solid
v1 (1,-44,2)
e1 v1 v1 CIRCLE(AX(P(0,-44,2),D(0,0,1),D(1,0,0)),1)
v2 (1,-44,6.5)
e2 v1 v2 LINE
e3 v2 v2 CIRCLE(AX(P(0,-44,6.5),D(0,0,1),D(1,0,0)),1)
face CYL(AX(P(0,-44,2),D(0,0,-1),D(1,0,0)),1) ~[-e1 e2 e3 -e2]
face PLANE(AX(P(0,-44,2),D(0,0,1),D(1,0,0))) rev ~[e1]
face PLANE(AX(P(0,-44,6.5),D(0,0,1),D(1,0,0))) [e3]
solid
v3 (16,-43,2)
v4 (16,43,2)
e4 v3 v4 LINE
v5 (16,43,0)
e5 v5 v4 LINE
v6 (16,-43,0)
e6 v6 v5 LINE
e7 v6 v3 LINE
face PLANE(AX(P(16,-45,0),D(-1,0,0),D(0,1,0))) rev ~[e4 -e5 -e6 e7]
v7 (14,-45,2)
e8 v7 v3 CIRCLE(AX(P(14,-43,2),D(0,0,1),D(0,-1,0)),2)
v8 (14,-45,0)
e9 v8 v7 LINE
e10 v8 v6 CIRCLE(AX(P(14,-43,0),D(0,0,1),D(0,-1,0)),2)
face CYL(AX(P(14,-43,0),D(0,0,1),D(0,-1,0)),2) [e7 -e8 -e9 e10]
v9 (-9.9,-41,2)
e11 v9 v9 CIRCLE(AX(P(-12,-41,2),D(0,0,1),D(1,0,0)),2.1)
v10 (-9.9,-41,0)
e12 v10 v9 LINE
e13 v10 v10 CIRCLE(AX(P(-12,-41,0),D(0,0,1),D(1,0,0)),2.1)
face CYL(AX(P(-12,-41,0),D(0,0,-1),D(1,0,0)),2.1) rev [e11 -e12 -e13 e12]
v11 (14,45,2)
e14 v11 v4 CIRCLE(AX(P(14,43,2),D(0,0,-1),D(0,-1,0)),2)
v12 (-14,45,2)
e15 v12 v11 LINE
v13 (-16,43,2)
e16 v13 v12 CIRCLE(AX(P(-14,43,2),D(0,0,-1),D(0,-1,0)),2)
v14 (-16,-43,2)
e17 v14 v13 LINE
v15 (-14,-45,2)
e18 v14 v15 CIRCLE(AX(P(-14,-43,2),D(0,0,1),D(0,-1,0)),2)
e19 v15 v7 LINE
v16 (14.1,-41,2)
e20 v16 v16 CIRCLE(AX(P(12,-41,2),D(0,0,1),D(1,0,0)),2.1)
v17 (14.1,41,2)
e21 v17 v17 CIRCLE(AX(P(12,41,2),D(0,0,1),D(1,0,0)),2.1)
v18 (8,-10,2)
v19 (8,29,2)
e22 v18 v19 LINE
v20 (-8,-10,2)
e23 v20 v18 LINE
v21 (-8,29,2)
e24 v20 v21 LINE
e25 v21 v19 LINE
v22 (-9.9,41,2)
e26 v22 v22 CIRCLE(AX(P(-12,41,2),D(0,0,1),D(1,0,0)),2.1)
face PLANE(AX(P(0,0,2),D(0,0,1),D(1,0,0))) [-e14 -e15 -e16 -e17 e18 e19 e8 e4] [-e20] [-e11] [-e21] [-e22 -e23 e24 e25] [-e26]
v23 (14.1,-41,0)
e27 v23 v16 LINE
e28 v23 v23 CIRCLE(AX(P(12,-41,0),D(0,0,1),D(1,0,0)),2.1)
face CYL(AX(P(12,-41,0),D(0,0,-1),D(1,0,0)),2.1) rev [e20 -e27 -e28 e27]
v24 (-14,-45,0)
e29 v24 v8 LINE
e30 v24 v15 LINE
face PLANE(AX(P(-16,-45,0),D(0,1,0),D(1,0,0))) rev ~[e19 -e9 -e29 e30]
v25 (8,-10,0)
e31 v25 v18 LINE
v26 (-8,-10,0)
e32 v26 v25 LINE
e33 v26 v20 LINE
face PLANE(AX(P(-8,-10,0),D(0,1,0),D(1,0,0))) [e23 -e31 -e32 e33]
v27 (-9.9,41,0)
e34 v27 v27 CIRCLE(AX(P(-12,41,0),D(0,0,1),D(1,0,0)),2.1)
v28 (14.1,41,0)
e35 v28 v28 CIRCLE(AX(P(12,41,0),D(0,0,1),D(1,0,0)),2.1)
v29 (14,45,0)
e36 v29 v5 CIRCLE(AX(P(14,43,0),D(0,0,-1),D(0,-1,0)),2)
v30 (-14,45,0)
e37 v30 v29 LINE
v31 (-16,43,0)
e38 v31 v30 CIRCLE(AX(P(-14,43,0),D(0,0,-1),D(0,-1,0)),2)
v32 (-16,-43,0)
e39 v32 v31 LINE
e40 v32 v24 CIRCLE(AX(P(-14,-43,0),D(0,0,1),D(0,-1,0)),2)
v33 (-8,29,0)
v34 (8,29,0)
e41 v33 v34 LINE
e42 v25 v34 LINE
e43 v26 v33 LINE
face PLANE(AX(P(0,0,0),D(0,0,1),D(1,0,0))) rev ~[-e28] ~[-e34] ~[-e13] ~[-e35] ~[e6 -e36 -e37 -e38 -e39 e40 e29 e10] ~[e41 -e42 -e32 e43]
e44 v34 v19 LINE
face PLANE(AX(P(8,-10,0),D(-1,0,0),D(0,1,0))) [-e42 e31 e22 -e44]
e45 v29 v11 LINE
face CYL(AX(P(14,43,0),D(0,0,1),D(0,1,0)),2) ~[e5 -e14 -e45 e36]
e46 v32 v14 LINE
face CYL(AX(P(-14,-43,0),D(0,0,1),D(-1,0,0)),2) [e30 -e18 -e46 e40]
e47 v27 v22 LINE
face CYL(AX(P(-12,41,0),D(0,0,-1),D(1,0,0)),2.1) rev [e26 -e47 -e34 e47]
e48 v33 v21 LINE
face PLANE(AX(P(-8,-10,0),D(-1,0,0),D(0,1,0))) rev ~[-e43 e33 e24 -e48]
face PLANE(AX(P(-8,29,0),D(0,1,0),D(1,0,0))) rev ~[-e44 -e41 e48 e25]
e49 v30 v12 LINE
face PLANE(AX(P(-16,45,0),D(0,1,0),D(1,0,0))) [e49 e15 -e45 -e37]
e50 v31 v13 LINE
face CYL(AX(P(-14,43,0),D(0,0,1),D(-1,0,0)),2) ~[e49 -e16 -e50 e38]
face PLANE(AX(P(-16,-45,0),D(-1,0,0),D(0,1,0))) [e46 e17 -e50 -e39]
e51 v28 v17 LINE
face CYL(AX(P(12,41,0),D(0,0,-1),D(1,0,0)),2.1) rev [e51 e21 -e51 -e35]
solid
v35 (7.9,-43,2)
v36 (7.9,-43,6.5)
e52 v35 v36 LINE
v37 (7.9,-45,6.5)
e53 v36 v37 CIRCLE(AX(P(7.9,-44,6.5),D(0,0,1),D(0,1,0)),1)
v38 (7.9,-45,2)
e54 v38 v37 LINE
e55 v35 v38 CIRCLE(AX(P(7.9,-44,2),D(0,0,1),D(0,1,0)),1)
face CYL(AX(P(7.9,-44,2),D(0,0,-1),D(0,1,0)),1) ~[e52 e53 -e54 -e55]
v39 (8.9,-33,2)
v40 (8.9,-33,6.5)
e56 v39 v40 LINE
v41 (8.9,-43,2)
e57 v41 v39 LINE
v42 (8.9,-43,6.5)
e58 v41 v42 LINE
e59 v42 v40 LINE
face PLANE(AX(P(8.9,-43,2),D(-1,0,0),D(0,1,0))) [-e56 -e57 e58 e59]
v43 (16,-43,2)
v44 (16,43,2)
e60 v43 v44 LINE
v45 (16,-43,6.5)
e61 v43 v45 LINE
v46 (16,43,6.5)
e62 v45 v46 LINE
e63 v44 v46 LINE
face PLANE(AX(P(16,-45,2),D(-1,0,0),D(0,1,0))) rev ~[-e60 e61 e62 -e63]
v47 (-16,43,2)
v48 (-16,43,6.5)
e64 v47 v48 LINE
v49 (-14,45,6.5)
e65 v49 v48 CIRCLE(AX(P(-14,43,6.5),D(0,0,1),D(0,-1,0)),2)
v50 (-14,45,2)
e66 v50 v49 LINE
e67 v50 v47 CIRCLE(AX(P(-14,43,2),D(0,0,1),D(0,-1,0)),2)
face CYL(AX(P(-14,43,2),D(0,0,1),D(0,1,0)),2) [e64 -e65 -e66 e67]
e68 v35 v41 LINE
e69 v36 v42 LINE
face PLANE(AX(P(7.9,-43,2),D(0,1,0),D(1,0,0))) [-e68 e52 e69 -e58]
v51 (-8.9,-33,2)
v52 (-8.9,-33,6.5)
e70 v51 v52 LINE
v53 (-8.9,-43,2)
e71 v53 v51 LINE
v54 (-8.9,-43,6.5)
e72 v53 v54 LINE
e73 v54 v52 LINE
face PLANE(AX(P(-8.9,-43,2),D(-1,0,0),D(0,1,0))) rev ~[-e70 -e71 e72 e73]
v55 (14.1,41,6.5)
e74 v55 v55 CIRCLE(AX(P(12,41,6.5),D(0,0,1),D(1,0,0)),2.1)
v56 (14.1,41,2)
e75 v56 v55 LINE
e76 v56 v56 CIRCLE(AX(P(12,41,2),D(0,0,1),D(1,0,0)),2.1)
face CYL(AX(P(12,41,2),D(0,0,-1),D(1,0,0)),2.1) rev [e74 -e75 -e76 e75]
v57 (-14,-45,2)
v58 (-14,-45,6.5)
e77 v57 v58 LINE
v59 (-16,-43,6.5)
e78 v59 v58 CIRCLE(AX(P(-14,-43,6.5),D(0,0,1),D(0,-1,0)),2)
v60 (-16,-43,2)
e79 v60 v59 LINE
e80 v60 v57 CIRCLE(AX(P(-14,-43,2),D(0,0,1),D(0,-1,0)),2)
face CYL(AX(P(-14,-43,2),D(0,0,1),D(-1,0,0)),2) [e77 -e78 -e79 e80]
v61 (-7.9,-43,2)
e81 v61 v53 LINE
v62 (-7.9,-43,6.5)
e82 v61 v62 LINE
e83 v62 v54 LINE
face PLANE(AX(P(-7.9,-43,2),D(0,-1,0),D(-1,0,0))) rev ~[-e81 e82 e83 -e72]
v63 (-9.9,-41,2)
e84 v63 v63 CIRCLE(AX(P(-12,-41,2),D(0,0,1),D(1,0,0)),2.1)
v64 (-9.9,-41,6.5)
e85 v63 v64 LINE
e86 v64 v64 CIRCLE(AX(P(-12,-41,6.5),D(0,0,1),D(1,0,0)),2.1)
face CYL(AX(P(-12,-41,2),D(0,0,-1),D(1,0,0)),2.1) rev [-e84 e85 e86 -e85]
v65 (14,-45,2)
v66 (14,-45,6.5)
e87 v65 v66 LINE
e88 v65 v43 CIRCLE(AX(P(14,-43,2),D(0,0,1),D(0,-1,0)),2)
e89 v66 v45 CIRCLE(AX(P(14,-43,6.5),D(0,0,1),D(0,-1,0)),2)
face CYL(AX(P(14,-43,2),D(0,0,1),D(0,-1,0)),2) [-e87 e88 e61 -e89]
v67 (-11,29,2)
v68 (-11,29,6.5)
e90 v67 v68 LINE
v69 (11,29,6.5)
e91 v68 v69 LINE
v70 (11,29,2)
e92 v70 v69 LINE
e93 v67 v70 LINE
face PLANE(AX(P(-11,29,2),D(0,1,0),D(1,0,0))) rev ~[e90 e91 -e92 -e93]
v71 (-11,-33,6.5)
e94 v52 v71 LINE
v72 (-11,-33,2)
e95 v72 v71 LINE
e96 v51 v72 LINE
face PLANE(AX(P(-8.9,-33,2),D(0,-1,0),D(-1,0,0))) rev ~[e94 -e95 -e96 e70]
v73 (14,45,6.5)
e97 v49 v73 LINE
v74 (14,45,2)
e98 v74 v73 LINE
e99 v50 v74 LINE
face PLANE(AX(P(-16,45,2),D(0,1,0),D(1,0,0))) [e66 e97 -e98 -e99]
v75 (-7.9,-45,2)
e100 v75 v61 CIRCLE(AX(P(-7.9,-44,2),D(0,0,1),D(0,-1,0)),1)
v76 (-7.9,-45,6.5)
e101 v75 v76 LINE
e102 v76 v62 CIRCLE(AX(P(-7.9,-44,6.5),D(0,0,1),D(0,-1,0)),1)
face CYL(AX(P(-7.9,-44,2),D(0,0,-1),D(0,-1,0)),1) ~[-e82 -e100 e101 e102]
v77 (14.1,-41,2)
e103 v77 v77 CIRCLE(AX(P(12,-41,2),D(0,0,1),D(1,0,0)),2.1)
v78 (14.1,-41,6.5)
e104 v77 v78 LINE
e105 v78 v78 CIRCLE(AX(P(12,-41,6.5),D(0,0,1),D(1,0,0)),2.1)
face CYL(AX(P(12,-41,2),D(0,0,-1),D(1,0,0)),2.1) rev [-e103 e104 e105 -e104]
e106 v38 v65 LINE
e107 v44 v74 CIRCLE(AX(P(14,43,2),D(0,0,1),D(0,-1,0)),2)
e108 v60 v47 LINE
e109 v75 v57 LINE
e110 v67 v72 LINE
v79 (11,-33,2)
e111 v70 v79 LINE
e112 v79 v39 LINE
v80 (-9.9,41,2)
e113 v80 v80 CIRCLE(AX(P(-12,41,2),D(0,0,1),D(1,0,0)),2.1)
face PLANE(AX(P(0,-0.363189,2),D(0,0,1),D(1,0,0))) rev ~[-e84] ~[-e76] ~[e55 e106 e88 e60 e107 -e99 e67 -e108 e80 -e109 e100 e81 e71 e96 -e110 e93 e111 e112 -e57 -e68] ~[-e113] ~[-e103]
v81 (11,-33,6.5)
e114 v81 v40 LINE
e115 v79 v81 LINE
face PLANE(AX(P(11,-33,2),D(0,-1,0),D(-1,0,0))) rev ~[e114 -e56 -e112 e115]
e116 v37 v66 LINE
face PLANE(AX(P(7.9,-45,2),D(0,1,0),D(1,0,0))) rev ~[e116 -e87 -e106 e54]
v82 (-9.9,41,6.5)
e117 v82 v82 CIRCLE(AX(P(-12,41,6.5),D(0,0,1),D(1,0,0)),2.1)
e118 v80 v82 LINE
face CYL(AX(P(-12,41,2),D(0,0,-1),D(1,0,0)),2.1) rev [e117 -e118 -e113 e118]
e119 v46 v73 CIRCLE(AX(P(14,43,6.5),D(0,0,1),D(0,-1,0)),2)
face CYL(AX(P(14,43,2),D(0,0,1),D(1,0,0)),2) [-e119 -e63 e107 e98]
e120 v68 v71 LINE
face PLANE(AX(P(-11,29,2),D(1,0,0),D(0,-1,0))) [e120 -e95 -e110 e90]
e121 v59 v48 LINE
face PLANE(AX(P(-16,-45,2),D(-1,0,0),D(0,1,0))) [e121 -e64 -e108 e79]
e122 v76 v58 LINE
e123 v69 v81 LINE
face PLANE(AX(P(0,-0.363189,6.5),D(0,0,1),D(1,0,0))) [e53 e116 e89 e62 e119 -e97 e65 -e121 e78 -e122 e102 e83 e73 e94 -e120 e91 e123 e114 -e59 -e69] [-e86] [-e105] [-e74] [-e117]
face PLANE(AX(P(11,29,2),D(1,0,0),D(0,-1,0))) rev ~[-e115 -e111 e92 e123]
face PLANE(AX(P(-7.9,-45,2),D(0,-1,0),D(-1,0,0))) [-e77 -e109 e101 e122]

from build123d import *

# Parameters (mm, degrees)
SKETCH_W         = 32
SKETCH_H         = 90
SKETCH_R         = 2.1
SKETCH_W_2       = 16
SKETCH_H_2       = 39
EXTRUDE_DEPTH    = 2
FILLET_R         = 2
SKETCH001_R      = 1
SKETCH001_R_2    = 2.1
EXTRUDE001_DEPTH = 4.5
FILLET001_R      = 2


with BuildPart() as fillet_body:
    # Sketch → Extrude (new body)
    with BuildSketch(Plane.XY):
        Rectangle(SKETCH_W, SKETCH_H)
        with Locations((-12, 41)):
            Circle(SKETCH_R, mode=Mode.SUBTRACT)
        with Locations((12, 41)):
            Circle(SKETCH_R, mode=Mode.SUBTRACT)
        with Locations((-12, -41)):
            Circle(SKETCH_R, mode=Mode.SUBTRACT)
        with Locations((12, -41)):
            Circle(SKETCH_R, mode=Mode.SUBTRACT)
        with Locations((0, 9.5)):
            Rectangle(SKETCH_W_2, SKETCH_H_2, mode=Mode.SUBTRACT)
    extrude(amount=EXTRUDE_DEPTH)

    # Fillet
    fillet_edges = [fillet_body.edges().sort_by_distance(p)[0] for p in [
        (-16, 45, 1),
        (16, 45, 1),
        (16, -45, 1),
        (-16, -45, 1),
    ]]
    fillet(fillet_edges, radius=FILLET_R)


with BuildPart() as fillet001:
    # Sketch001 (on Face14 of Extrude) → Extrude001 (new body)
    with BuildSketch(Plane.XY.offset(2)):
        with Locations((0, -44)):
            Circle(SKETCH001_R)
        with BuildLine():
            ThreePointArc((7.9, -43), (6.9, -44), (7.9, -45))
            Line((7.9, -45), (16, -45))
            Line((16, -45), (16, 45))
            Line((-16, 45), (16, 45))
            Line((-16, -45), (-16, 45))
            Line((-7.9, -45), (-16, -45))
            ThreePointArc((-7.9, -45), (-6.9, -44), (-7.9, -43))
            Line((-7.9, -43), (-8.9, -43))
            Line((-8.9, -43), (-8.9, -33))
            Line((-8.9, -33), (-11, -33))
            Line((-11, 29), (-11, -33))
            Line((-11, 29), (11, 29))
            Line((11, 29), (11, -33))
            Line((11, -33), (8.9, -33))
            Line((8.9, -43), (8.9, -33))
            Line((7.9, -43), (8.9, -43))
        make_face()
        with Locations((-12, -41)):
            Circle(SKETCH001_R_2, mode=Mode.SUBTRACT)
        with Locations((12, 41)):
            Circle(SKETCH001_R_2, mode=Mode.SUBTRACT)
        with Locations((12, -41)):
            Circle(SKETCH001_R_2, mode=Mode.SUBTRACT)
        with Locations((-12, 41)):
            Circle(SKETCH001_R_2, mode=Mode.SUBTRACT)
    extrude(amount=EXTRUDE001_DEPTH)

    # Fillet001
    fillet001_edges = [fillet001.edges().sort_by_distance(p)[0] for p in [
        (16, -45, 4.25),
        (16, 45, 4.25),
        (-16, 45, 4.25),
        (-16, -45, 4.25),
    ]]
    fillet(fillet001_edges, radius=FILLET001_R)


solid = Compound([fillet_body.part, fillet001.part])
